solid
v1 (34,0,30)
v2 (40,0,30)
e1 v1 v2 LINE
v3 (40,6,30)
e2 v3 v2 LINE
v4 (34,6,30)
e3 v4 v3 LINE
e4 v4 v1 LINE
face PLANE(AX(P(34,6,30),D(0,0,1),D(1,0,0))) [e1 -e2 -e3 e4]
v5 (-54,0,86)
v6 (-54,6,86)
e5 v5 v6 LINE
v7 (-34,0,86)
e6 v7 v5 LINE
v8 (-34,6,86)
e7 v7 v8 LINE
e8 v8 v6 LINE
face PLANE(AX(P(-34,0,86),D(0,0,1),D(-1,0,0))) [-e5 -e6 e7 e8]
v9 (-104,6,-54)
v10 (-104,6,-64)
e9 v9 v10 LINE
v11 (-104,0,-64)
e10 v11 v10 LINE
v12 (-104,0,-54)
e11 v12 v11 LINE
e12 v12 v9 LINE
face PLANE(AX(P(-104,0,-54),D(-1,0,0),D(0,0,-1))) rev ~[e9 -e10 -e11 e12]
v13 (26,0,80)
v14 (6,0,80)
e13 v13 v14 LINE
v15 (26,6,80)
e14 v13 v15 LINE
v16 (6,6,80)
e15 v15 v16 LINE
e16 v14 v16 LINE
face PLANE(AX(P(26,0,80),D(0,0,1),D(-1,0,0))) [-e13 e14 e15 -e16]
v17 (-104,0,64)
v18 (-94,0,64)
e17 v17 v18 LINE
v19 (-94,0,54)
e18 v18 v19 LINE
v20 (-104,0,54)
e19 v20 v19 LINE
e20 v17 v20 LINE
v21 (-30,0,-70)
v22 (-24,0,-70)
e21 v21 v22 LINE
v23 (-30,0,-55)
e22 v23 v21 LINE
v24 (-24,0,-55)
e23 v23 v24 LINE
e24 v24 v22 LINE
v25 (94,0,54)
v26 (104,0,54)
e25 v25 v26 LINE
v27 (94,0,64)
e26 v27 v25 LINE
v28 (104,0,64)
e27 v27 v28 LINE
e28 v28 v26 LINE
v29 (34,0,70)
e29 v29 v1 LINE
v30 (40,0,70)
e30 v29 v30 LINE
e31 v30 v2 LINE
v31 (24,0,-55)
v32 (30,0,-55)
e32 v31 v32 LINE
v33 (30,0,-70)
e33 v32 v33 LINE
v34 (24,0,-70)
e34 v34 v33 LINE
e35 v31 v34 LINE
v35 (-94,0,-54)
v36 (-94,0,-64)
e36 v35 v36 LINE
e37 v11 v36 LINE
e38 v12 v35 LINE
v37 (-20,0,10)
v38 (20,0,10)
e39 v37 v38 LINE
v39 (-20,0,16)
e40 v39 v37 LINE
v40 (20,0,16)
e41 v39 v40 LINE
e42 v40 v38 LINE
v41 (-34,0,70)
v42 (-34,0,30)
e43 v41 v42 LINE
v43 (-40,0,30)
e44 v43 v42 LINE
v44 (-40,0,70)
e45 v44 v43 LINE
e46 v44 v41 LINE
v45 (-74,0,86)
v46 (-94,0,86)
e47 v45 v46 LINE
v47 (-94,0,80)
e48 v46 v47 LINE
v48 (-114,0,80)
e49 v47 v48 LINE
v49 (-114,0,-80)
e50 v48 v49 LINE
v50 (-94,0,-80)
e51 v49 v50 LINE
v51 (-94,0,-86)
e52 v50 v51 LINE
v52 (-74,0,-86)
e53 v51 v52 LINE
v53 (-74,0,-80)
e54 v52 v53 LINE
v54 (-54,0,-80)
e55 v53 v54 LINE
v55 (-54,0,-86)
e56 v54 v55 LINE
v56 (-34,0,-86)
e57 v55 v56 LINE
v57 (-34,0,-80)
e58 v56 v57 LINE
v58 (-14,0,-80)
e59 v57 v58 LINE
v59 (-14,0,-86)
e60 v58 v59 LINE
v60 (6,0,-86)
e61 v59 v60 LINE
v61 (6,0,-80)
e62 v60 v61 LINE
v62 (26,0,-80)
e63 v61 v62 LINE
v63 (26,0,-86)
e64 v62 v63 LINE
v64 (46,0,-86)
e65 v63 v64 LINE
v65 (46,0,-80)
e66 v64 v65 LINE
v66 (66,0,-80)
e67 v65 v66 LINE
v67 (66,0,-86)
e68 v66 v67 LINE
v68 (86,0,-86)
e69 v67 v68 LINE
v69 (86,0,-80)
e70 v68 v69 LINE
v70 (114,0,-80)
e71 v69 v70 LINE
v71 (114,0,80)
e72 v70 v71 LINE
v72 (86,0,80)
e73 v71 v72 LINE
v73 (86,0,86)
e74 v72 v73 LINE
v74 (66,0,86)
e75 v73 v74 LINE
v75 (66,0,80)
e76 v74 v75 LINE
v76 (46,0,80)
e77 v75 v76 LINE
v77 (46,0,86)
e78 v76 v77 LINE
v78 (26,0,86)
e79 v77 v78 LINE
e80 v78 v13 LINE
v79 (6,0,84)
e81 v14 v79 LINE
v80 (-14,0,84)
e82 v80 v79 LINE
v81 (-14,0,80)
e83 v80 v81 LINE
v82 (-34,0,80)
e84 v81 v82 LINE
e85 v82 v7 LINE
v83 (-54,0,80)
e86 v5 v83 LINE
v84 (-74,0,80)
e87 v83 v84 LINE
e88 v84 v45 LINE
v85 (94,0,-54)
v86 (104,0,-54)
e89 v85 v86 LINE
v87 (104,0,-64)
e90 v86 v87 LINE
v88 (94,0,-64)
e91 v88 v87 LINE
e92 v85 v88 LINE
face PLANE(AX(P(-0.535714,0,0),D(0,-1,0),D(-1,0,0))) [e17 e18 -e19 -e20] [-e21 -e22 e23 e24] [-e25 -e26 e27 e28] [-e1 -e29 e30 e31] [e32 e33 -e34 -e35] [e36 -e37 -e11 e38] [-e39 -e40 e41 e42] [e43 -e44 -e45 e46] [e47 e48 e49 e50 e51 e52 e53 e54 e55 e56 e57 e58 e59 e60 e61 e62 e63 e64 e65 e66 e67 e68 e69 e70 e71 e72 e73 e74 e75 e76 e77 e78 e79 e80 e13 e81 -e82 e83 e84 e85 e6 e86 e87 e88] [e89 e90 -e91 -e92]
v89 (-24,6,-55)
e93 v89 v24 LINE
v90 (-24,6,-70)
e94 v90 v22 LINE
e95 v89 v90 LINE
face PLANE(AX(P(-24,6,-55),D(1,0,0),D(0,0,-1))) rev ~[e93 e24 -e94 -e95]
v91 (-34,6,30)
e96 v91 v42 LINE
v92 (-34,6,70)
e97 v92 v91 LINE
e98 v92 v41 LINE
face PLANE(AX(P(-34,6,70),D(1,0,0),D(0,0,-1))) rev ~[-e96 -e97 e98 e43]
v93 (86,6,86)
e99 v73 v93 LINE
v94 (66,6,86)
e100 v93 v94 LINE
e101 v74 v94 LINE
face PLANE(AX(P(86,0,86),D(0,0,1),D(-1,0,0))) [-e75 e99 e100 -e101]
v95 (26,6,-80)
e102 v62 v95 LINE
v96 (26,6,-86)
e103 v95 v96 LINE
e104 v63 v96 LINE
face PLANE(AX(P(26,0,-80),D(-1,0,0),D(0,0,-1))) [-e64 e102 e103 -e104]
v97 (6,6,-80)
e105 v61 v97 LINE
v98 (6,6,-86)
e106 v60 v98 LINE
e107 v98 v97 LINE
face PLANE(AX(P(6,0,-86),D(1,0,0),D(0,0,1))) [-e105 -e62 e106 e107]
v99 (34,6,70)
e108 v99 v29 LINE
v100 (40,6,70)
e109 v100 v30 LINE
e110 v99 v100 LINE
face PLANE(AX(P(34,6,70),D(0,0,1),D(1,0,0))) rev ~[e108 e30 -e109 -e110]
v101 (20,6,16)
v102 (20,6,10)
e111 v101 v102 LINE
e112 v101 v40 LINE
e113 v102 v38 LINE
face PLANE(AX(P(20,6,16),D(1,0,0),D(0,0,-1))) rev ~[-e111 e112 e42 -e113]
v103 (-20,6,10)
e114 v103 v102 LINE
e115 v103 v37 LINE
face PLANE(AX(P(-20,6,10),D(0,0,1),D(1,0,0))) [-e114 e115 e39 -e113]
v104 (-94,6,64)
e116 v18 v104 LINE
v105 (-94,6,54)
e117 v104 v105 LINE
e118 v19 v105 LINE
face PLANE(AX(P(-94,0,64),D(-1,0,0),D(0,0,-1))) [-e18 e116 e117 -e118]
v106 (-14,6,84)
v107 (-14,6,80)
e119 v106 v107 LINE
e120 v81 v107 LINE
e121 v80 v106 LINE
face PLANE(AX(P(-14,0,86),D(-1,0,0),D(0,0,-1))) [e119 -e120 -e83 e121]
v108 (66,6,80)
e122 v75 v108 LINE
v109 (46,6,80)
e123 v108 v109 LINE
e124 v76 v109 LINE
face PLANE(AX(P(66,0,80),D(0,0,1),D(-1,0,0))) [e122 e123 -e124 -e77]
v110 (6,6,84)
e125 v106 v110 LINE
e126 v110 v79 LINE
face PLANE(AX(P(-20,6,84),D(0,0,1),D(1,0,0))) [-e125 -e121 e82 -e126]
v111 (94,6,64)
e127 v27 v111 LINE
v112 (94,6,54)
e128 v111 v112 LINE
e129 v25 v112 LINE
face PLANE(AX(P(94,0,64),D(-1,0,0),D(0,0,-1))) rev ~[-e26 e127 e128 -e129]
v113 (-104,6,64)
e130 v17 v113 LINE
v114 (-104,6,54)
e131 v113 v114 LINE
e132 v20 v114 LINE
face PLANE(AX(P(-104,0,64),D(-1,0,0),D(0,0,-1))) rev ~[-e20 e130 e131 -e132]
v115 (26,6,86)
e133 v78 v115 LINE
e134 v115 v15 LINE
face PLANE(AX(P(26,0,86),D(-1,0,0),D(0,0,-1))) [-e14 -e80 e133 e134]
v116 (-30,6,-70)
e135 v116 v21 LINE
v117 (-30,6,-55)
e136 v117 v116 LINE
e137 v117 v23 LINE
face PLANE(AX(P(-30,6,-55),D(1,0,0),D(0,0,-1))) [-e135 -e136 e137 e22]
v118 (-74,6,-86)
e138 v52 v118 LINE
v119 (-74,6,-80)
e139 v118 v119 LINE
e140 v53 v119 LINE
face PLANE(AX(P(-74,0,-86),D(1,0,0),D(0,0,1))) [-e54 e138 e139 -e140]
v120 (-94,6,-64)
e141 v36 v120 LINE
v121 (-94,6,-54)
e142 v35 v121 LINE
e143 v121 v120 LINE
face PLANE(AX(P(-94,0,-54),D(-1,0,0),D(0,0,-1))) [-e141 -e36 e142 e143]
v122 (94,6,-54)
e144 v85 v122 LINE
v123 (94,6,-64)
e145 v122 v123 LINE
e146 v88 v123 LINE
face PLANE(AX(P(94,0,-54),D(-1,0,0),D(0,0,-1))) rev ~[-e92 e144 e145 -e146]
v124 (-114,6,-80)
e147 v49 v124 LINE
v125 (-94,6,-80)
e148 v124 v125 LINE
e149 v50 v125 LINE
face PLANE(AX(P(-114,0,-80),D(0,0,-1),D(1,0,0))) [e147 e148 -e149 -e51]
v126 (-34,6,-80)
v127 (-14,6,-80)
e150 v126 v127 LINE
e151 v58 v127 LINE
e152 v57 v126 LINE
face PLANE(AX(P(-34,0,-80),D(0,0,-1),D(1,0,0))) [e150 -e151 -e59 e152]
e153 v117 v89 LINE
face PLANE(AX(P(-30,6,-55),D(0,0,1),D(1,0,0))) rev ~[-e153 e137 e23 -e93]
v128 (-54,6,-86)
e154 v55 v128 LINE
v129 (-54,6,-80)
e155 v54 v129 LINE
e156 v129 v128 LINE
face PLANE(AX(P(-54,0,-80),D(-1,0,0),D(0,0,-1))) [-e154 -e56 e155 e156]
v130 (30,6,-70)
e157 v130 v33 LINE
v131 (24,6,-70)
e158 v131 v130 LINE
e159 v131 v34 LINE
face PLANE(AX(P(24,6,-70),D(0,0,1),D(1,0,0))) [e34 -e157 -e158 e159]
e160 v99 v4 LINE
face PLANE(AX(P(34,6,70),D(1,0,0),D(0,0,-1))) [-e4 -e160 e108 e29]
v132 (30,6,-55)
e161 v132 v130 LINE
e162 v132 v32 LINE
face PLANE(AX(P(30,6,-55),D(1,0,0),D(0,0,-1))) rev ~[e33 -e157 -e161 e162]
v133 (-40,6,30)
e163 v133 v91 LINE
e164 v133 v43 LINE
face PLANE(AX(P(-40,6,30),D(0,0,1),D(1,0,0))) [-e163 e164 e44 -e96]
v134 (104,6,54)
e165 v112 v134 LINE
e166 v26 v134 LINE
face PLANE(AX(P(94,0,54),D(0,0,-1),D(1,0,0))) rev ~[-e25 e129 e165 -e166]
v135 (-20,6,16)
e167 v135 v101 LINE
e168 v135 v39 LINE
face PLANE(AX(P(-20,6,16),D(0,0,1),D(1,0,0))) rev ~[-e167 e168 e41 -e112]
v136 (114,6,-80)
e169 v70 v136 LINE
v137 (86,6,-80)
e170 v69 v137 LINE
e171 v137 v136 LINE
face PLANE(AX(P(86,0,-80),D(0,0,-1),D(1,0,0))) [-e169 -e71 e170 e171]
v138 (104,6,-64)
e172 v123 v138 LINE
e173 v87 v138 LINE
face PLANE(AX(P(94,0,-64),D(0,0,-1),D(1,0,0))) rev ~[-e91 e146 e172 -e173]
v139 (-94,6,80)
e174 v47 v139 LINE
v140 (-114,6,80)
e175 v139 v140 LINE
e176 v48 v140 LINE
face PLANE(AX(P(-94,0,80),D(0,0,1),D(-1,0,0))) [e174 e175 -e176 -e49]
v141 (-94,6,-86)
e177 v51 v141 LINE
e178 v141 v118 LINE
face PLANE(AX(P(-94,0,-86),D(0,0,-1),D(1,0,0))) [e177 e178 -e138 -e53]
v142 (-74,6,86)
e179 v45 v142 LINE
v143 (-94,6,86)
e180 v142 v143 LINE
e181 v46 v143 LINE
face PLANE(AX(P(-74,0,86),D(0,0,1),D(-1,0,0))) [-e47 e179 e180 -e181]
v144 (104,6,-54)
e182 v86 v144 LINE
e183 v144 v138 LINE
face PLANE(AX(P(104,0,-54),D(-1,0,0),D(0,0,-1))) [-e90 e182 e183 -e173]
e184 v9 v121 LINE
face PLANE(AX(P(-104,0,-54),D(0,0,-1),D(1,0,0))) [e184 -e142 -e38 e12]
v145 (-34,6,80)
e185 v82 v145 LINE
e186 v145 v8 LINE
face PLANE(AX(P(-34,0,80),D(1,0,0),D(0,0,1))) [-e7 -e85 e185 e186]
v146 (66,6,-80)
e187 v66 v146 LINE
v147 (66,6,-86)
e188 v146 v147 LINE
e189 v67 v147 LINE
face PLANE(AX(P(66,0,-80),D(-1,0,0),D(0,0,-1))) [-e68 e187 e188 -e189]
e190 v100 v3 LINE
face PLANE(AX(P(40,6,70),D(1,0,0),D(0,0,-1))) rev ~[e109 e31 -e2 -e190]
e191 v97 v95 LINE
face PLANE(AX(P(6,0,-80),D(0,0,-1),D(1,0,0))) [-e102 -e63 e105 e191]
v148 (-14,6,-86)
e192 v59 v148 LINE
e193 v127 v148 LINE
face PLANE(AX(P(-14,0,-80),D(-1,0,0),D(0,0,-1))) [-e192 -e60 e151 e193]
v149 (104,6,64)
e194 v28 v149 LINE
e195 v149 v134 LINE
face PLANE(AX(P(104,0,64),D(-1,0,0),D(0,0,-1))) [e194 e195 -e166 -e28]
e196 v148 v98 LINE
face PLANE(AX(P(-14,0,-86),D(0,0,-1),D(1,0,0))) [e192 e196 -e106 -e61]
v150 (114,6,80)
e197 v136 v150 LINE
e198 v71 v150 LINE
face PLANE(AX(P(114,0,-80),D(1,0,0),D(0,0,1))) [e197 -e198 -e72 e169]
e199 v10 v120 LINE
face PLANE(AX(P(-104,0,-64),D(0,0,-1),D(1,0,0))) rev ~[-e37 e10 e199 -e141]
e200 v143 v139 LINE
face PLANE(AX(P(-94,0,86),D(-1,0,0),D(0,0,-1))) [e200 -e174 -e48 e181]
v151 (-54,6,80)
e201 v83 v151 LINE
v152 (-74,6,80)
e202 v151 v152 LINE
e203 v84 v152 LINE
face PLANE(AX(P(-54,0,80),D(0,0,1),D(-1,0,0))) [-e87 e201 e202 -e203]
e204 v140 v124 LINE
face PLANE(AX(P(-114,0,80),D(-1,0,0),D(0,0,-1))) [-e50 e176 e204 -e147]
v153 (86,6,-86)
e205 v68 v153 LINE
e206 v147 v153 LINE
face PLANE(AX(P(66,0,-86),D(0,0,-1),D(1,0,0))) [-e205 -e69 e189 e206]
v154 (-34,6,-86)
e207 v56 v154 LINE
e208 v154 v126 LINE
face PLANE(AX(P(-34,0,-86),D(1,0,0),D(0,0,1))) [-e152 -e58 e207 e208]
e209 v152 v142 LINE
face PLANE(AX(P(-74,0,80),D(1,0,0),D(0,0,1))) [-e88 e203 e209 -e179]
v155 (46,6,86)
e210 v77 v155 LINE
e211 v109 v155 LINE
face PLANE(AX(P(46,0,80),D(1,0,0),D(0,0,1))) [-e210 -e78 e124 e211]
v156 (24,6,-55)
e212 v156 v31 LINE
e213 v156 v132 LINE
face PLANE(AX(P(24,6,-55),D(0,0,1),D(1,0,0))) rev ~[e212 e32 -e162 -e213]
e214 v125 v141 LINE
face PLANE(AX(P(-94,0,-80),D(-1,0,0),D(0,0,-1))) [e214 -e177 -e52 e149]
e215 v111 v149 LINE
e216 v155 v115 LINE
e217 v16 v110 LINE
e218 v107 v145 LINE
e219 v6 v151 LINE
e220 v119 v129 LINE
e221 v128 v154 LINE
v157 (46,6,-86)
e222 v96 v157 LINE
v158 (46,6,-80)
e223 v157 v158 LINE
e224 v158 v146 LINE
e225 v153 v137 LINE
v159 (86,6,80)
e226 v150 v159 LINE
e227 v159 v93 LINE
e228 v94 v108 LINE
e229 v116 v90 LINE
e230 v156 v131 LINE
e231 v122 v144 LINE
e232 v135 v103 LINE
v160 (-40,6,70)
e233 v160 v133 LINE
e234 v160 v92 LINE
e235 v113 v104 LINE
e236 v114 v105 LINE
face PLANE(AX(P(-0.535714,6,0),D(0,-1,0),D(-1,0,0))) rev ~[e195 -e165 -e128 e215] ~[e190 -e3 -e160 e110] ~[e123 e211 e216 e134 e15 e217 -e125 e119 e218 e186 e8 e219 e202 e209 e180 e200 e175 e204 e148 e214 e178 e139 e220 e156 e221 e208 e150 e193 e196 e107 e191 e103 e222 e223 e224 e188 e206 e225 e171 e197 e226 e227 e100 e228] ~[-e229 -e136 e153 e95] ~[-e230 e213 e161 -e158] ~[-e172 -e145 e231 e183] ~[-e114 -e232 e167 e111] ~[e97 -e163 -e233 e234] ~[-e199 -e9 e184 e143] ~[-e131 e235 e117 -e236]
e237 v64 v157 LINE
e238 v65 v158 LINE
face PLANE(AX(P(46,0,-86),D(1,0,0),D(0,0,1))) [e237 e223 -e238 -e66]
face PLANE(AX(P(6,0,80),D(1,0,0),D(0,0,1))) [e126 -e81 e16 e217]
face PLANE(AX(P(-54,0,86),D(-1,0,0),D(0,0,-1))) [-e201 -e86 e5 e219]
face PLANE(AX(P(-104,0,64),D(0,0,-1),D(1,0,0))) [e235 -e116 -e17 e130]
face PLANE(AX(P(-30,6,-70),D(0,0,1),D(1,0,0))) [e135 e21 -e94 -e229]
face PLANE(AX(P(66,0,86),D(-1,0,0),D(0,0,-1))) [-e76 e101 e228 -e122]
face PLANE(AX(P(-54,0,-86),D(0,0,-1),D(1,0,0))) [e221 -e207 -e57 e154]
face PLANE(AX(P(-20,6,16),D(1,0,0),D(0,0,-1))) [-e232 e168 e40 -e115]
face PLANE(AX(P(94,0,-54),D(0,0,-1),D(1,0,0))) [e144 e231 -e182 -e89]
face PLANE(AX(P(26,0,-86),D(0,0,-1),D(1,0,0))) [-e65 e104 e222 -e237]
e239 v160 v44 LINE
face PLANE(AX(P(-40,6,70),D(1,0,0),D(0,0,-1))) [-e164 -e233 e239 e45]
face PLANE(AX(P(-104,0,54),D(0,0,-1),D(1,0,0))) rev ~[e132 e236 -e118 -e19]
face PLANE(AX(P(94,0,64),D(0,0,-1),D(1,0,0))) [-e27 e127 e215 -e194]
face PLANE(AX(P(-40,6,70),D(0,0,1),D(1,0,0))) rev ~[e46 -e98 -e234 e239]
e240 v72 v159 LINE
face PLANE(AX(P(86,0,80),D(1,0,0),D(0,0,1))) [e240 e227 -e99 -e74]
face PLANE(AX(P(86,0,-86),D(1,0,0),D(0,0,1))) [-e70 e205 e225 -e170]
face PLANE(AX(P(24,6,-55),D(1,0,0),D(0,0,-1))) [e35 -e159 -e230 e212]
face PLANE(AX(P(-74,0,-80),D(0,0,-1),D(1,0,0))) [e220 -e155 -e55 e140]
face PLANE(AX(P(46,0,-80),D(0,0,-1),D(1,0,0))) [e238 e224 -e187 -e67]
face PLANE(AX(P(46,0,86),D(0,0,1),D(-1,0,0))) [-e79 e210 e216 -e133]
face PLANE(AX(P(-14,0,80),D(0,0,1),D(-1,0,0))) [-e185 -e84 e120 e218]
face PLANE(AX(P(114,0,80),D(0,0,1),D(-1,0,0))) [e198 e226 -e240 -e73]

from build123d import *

# Parameters (mm, degrees)
BOSS_EXTRUDE1_DEPTH = 6
SKETCH2_W           = 10
SKETCH2_H           = 10
CUT_EXTRUDE1_DEPTH  = 6
SKETCH4_W           = 40
SKETCH4_H           = 6
SKETCH4_W_2         = 6
SKETCH4_H_2         = 40
SKETCH4_H_3         = 15
CUT_EXTRUDE2_DEPTH  = 6


with BuildPart() as part:
    # Sketch1 → Boss-Extrude1 (new body)
    with BuildSketch(Plane(origin=(0, 0, 0), x_dir=(1, 0, 0), z_dir=(0, 1, 0))):
        Polygon((-94, 86), (-74, 86), (-74, 80), (-54, 80), (-54, 86), (-34, 86), (-34, 80), (-14, 80), (-14, 86), (6, 86), (6, 80), (26, 80), (26, 86), (46, 86), (46, 80), (66, 80), (66, 86), (86, 86), (86, 80), (114, 80), (114, -80), (86, -80), (86, -86), (66, -86), (66, -80), (46, -80), (46, -86), (26, -86), (26, -80), (6, -80), (6, -86), (-14, -86), (-14, -80), (-34, -80), (-34, -86), (-54, -86), (-54, -80), (-74, -80), (-74, -86), (-94, -86), (-94, -80), (-114, -80), (-114, 80), (-94, 80), align=None)
    extrude(amount=BOSS_EXTRUDE1_DEPTH)

    # Sketch2 → Cut-Extrude1 (cut)
    with BuildSketch(Plane(origin=(0, 0, 0), x_dir=(1, 0, 0), z_dir=(0, 1, 0))):
        with Locations((-99, 59)):
            Rectangle(SKETCH2_W, SKETCH2_H)
        with Locations((99, 59)):
            Rectangle(SKETCH2_W, SKETCH2_H)
        with Locations((99, -59)):
            Rectangle(SKETCH2_W, SKETCH2_H)
        with Locations((-99, -59)):
            Rectangle(SKETCH2_W, SKETCH2_H)
    extrude(amount=CUT_EXTRUDE1_DEPTH, mode=Mode.SUBTRACT)

    # Sketch4 → Cut-Extrude2 (cut)
    with BuildSketch(Plane(origin=(0, 6, 0), x_dir=(1, 0, 0), z_dir=(0, 1, 0))):
        with Locations((0, -13)):
            Rectangle(SKETCH4_W, SKETCH4_H)
        with Locations((0, -87)):
            Rectangle(SKETCH4_W, SKETCH4_H)
        with Locations((-37, -50)):
            Rectangle(SKETCH4_W_2, SKETCH4_H_2)
        with Locations((37, -50)):
            Rectangle(SKETCH4_W_2, SKETCH4_H_2)
        with Locations((-27, 62.5)):
            Rectangle(SKETCH4_W_2, SKETCH4_H_3)
        with Locations((27, 62.5)):
            Rectangle(SKETCH4_W_2, SKETCH4_H_3)
    extrude(amount=-CUT_EXTRUDE2_DEPTH, mode=Mode.SUBTRACT)


solid = part.part
